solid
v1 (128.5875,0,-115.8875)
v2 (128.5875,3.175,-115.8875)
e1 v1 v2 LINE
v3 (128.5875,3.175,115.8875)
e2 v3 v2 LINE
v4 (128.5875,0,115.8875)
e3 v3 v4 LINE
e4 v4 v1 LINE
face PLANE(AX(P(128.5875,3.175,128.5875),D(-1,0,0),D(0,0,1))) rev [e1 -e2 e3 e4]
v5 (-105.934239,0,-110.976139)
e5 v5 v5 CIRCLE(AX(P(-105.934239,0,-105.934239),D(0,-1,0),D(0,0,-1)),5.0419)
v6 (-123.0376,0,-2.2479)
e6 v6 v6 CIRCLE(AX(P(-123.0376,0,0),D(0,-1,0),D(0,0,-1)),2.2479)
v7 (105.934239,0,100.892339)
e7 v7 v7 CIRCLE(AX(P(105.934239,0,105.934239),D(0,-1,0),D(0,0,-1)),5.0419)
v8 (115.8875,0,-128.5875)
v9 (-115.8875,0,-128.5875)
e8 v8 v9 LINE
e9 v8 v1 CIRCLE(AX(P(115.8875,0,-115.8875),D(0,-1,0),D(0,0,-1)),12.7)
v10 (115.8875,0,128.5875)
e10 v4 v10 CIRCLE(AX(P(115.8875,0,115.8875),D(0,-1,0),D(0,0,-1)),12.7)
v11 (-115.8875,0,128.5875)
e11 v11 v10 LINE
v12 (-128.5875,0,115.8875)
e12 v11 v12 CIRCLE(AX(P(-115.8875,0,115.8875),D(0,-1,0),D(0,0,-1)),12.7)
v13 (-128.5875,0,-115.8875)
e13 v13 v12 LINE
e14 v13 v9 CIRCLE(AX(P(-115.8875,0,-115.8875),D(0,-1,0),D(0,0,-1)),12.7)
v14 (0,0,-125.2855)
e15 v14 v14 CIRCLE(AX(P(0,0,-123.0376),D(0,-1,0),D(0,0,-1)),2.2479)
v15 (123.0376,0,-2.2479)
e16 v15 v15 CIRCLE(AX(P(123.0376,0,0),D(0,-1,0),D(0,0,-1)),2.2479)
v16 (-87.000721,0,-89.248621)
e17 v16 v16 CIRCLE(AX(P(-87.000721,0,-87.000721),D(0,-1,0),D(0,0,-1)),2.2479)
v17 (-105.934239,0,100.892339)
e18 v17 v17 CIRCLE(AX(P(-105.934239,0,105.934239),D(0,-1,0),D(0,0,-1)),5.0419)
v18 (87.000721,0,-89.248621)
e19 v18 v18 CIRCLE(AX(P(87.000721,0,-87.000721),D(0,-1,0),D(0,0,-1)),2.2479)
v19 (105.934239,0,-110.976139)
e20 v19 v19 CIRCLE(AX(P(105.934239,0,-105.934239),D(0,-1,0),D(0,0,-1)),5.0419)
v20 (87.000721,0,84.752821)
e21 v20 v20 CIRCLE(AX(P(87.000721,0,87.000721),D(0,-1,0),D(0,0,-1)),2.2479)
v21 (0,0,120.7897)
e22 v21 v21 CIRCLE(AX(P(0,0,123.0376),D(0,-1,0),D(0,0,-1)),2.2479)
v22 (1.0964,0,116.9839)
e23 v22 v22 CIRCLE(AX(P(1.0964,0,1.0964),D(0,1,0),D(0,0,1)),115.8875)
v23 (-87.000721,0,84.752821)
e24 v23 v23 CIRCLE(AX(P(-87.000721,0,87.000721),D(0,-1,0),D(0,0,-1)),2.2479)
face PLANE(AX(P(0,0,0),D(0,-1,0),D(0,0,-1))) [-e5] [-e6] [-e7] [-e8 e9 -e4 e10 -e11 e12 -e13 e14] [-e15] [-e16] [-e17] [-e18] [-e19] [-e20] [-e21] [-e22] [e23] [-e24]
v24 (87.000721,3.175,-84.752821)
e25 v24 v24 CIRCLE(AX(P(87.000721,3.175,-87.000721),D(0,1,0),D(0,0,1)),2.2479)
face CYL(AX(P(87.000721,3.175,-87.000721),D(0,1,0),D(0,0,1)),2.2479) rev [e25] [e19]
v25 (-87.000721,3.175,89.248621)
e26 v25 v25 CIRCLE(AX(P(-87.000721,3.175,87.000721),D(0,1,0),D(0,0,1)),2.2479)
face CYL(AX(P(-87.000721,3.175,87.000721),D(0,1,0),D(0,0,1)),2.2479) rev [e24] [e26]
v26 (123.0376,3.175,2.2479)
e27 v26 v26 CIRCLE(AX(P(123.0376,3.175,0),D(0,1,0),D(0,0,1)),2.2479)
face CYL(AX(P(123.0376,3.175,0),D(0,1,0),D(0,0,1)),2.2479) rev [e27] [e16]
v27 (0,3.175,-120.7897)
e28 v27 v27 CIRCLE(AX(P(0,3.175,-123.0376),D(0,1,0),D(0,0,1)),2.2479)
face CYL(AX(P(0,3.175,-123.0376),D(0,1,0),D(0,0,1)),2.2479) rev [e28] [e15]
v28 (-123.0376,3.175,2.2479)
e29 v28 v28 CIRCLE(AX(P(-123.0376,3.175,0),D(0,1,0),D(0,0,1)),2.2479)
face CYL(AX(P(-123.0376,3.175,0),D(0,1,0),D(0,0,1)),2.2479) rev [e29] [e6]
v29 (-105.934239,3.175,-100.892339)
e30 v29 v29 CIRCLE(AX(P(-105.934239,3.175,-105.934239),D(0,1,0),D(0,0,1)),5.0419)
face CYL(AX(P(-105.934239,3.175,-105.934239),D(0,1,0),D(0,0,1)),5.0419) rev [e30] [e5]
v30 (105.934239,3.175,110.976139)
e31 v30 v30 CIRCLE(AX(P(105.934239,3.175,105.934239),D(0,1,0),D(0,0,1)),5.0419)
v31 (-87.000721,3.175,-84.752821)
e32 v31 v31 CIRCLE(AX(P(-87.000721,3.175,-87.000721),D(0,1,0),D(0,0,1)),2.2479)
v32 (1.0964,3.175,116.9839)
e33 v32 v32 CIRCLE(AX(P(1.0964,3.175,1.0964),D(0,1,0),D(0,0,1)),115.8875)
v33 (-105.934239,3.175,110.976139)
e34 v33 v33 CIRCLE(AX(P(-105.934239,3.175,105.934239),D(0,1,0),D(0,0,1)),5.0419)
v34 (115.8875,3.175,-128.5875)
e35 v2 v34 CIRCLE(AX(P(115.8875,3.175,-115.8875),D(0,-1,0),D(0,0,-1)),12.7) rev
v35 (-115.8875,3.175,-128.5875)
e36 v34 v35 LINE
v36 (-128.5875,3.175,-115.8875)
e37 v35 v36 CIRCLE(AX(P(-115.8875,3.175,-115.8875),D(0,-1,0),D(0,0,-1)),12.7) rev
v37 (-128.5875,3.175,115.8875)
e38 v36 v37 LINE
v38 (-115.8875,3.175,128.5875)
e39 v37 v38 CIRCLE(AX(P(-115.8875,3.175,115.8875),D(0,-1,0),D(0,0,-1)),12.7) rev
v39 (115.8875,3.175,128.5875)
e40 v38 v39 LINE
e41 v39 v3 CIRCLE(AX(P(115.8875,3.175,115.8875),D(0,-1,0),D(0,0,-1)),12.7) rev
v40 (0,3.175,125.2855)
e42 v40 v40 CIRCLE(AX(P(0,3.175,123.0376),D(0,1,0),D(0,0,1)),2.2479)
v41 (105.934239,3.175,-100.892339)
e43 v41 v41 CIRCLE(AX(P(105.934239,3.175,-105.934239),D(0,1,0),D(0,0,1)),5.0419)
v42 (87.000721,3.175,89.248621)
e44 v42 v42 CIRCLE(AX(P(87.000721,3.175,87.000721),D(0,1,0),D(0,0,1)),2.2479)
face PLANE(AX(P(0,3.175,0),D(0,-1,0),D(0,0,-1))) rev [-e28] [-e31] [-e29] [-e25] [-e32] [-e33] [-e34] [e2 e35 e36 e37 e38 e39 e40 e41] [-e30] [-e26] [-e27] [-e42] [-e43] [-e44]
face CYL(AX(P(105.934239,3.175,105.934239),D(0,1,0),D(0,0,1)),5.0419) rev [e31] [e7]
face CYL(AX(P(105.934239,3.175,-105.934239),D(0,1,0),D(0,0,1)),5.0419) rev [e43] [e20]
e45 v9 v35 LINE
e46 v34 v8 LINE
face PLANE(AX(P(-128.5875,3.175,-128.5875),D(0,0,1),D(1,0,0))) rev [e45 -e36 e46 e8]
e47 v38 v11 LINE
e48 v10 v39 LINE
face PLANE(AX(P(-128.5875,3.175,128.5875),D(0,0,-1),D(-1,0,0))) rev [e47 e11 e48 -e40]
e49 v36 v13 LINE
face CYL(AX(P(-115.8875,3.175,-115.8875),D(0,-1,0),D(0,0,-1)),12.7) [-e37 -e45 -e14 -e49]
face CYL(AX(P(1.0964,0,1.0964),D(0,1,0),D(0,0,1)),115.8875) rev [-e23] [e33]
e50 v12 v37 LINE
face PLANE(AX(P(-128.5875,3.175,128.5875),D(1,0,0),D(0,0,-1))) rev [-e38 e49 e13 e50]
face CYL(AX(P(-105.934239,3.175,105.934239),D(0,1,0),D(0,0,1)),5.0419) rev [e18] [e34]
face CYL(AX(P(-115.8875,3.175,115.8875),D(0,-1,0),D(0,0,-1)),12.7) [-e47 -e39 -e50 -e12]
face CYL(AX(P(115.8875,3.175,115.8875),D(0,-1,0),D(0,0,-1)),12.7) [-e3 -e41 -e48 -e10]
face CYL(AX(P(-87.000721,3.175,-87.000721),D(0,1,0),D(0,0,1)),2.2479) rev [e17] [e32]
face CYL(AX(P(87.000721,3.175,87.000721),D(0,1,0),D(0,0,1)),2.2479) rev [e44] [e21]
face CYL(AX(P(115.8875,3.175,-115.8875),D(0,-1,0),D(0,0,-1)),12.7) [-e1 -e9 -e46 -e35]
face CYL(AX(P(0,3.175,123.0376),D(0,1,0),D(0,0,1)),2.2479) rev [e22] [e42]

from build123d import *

# Parameters (mm, degrees)
SKETCH1_W               = 257.175
SKETCH1_H               = 257.175
BOSS_EXTRUDE1_DEPTH     = 3.175
SKETCH2_R               = 115.8875
CUT_EXTRUDE1_DEPTH      = 3.175
F_8_CLEARANCE_HOLE1_D   = 4.4958
FILLET1_R               = 12.7
F_3_8_CLEARANCE_HOLE1_D = 10.0838


with BuildPart() as part:
    # Sketch1 → Boss-Extrude1 (new body)
    with BuildSketch(Plane(origin=(0, 0, 0), x_dir=(1, 0, 0), z_dir=(0, 1, 0))):
        Rectangle(SKETCH1_W, SKETCH1_H)
    extrude(amount=BOSS_EXTRUDE1_DEPTH)

    # Sketch2 → Cut-Extrude1 (cut)
    with BuildSketch(Plane(origin=(0, 3.175, 0), x_dir=(1, 0, 0), z_dir=(0, 1, 0))):
        with Locations(Location((1.096399637, -1.096399637, 0), (0, 0, 270))):
            Circle(SKETCH2_R)
    extrude(amount=-CUT_EXTRUDE1_DEPTH, mode=Mode.SUBTRACT)

    # #8 Clearance Hole1 (through all)
    with Locations(Plane(origin=(0, 3.175, 0), x_dir=(1, 0, 0), z_dir=(0, 1, 0))):
        with Locations((87.000721301, -87.000721301), (123.0376, 0), (87.000721301, 87.000721301), (0, 123.0376), (-87.000721301, 87.000721301), (-123.0376, 0), (-87.000721301, -87.000721301), (0, -123.0376)):
            Hole(F_8_CLEARANCE_HOLE1_D / 2)

    # Fillet1
    fillet1_edges = [part.edges().sort_by_distance(p)[0] for p in [
        (128.5875, 1.5875, 128.5875),
        (-128.5875, 1.5875, 128.5875),
        (-128.5875, 1.5875, -128.5875),
        (128.5875, 1.5875, -128.5875),
    ]]
    fillet(fillet1_edges, radius=FILLET1_R)

    # 3/8 Clearance Hole1 (through all)
    with Locations(Plane(origin=(0, 3.175, 0), x_dir=(1, 0, 0), z_dir=(0, 1, 0))):
        with Locations((105.934238711, -105.934238711), (105.934238711, 105.934238711), (-105.934238711, -105.934238711), (-105.934238711, 105.934238711)):
            Hole(F_3_8_CLEARANCE_HOLE1_D / 2)


solid = part.part
